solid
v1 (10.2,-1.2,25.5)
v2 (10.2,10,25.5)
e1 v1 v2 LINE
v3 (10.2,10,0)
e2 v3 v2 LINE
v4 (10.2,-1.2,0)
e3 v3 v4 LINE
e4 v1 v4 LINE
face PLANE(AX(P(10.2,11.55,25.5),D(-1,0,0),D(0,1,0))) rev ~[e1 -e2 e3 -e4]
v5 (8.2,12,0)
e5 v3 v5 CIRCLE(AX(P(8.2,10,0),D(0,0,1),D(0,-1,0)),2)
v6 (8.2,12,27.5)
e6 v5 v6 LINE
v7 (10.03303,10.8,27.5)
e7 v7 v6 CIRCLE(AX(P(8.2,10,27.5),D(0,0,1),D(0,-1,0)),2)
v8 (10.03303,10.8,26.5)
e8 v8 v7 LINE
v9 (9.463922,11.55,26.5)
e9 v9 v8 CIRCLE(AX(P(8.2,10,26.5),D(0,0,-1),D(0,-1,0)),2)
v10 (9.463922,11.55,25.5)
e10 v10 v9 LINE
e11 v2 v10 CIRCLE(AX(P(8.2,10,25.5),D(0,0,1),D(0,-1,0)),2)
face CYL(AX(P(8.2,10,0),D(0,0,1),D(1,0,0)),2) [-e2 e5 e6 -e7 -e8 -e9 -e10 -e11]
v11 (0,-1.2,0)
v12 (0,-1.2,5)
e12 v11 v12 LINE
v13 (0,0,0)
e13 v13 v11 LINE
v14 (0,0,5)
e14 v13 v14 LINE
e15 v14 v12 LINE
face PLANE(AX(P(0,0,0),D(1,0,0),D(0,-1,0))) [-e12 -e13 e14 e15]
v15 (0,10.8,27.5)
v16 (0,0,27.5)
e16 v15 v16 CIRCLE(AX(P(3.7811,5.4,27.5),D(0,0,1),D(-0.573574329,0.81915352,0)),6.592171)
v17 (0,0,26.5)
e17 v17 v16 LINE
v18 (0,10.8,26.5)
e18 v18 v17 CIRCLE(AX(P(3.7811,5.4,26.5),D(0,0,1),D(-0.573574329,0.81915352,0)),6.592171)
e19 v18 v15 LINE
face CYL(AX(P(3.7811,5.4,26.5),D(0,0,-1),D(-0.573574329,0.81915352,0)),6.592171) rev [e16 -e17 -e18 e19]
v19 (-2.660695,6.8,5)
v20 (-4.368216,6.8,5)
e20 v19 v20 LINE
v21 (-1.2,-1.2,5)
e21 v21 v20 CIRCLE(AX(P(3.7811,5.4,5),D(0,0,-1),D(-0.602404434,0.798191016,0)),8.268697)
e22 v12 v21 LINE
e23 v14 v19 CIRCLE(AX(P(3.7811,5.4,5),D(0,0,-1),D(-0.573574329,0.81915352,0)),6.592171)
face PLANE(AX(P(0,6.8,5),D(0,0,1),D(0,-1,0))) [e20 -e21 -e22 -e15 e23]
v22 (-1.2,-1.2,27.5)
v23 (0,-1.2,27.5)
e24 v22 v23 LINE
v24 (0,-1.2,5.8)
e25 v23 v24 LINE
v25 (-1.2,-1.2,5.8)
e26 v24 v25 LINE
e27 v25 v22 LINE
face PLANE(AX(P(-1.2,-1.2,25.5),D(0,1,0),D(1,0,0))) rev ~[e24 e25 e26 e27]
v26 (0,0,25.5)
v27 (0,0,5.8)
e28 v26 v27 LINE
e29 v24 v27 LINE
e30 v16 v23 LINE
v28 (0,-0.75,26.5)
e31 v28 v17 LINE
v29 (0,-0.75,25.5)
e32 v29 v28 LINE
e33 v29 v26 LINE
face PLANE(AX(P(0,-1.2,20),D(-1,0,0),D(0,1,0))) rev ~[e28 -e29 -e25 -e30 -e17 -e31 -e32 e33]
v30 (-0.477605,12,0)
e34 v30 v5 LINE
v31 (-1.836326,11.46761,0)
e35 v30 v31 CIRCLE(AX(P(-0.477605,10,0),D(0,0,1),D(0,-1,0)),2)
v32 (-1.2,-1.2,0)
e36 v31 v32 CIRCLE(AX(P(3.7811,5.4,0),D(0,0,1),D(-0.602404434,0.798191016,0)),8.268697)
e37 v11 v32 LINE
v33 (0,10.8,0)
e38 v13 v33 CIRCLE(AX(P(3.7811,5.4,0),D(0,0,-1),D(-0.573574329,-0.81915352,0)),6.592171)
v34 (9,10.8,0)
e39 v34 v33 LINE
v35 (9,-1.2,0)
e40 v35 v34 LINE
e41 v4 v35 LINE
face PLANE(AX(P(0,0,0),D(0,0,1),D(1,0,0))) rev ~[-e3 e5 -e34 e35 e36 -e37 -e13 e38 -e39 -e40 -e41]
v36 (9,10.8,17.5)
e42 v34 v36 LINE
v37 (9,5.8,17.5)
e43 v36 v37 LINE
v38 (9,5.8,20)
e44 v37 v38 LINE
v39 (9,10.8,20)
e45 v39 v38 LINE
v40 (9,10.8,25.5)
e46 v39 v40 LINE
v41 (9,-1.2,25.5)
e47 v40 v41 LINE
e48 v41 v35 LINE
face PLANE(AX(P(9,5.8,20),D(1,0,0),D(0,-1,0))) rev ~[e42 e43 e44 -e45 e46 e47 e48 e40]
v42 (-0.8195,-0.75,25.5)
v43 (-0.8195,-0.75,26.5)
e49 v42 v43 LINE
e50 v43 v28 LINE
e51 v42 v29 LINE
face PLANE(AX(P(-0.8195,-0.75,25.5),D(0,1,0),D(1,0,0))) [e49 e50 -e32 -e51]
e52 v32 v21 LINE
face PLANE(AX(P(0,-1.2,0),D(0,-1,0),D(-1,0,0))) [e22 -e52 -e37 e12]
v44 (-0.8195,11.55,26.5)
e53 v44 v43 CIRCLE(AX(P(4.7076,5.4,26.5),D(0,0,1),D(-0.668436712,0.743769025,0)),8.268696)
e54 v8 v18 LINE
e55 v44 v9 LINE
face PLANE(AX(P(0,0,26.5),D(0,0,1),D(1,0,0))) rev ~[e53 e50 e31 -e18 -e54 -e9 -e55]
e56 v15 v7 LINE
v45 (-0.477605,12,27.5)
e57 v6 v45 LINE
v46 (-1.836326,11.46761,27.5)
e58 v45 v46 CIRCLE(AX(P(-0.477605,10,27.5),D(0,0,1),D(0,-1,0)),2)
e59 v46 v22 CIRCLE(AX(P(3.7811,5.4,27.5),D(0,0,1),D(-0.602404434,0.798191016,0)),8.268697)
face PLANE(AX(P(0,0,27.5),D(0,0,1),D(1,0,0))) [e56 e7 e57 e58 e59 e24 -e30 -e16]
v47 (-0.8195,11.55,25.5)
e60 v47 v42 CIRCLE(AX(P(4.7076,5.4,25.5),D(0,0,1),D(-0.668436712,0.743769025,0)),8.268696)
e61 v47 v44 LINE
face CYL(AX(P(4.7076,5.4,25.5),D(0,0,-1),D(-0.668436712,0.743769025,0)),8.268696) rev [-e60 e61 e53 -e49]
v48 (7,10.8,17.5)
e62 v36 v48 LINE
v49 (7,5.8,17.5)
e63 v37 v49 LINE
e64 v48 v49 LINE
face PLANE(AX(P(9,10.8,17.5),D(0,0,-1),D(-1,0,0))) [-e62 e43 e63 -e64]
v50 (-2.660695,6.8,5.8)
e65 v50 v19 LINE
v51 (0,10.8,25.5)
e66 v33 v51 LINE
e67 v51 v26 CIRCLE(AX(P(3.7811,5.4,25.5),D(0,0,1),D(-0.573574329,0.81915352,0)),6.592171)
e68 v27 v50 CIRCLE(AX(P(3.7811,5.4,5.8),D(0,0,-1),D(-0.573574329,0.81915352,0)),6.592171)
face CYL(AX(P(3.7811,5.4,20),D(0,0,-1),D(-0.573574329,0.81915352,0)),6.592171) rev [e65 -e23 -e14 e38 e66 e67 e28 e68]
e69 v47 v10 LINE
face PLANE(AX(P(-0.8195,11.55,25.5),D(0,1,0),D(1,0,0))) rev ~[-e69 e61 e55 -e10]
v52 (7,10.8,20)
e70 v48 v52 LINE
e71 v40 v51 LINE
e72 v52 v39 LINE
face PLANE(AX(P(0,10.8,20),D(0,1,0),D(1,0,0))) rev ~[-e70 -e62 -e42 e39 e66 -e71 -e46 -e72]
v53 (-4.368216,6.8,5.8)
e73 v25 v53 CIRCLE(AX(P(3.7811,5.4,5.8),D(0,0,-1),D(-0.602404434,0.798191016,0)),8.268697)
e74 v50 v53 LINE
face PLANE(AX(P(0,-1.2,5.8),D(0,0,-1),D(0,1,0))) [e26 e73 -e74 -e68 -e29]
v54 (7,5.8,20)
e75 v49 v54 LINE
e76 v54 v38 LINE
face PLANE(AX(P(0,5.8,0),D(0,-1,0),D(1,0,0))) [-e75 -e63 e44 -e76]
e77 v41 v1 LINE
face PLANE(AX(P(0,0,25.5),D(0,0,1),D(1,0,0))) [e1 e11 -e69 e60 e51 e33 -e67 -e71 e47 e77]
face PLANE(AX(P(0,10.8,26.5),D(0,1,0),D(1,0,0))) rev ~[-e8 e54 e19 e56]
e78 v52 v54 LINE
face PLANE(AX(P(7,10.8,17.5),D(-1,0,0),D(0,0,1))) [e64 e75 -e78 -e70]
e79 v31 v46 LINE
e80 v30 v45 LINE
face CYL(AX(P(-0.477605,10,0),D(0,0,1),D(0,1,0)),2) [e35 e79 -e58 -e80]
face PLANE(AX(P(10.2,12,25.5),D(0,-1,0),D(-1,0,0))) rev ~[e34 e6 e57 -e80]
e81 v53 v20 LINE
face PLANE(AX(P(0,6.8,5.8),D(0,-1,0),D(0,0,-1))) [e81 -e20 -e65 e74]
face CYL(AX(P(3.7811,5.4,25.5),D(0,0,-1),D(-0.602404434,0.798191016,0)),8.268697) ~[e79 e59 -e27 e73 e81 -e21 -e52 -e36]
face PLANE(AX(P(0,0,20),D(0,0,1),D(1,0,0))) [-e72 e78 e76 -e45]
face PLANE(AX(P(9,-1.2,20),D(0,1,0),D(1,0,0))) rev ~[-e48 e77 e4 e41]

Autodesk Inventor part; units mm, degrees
ref_plane "YZ Plane" through (0, 0, 0) normal (1, 0, 0) x (0, 1, 0)
ref_plane "XZ Plane" through (0, 0, 0) normal (0, 1, 0) x (-1, 0, 0)
ref_plane "XY Plane" through (0, 0, 0) normal (0, 0, 1) x (1, 0, 0)
sketch "스케치1" plane through (0, 0, 0) normal (0, 0, 1) x (1, 0, 0)
  line L0 (0, 0) -> (9, 0)
  line L1 (9, 0) -> (9, 10.8)
  line L2 (9, 10.8) -> (0, 10.8)
  line L3 (0, 10.8) -> (0, 0)
  line L4 (-1.2, 12) -> (10.2, 12)
  line L5 (10.2, 12) -> (10.2, -1.2)
  line L6 (10.2, -1.2) -> (-1.2, -1.2)
  line L7 (-1.2, -1.2) -> (-1.2, 12)
  line L8 (0, 0) -> (0, -1.2)
  line L9 (9, 0) -> (9, -1.2)
  line L10 (0, 0) -> (-1.2, 0)
  line L11 (9, 0) -> (10.2, 0)
  arc A0 (-1.2, 12) -> (-1.2, -1.2) centre (3.7811, 5.4) ccw
  arc A1 (0, 10.8) -> (0, 0) centre (3.7811, 5.4) ccw
  line L12 (-1.2, 10.4) -> (0, 10.4) construction
  line L13 (0, 10.4) -> (0, 0.4) construction
  line L14 (0, 0.4) -> (-1.2, 0.4) construction
  line L15 (-1.2, 0.4) -> (-1.2, 10.4) construction
  point P0 (0, 5.4)
  dimension "d0" = 9
  dimension "d1" = 10.8
  dimension "d2" = 1.2
  dimension "d35" = 10
  dimension "d36" = 110
extrude "돌출1" add sketch "스케치1" along normal blind 20 contours L8 L6 L7 L10 | L10 L7 A1 | L11 L5 L6 L9 | L1 L2 A1 L7 L4 L5 L11 | L7 A0 A1
sketch "스케치5" plane through (0, 10.8, 0) normal (0, -1, 0) x (1, 0, 0)
  line L0 (0, 0) -> (9, 0) projected
  line L1 (9, 0) -> (9, 20) projected
  line L2 (0, 20) -> (9, 20) projected
  line L3 (0, 0) -> (0, 20) projected
  line L4 (9, 17.5) -> (7, 17.5)
  line L5 (7, 17.5) -> (7, 20)
  line L6 (10.2, 20) -> (-1.2, 20) projected
  point P0 (0, 0)
  point P1 (8.2, 20)
  point P2 (-0.4776, 20)
  dimension "d21" = 2.5
  dimension "d22" = 2
extrude "돌출5" add sketch "스케치5" along normal blind 5 contours L4 L5 L2 L1
sketch "스케치8" plane through (0, -1.2, 0) normal (1, 0, 0) x (0, 0, -1)
  line L0 (0, 0) -> (-20, 0) projected
  line L1 (0, 0) -> (0, 1.2) projected
  line L2 (0, 0) -> (-20, 0) projected
  line L3 (-5, 0) -> (-5.8, 0)
  line L4 (-5.8, 0) -> (-5.8, 8)
  line L5 (-5.8, 8) -> (-5, 8)
  line L6 (-5, 8) -> (-5, 0)
  point P0 (-18.5, 0)
  point P1 (-5.8, 0)
  point P2 (-5, 0)
  dimension "d37" = 5
  dimension "d38" = 0.8
  dimension "d39" = 8
extrude "돌출7" cut sketch "스케치8" against normal through all
sketch "스케치13" plane through (0, 0, 20) normal (0, 0, 1) x (1, 0, 0)
  line L0 (0, 10.8) -> (7, 10.8) projected
  line L1 (9, 5.8) -> (9, -1.2) projected
  line L2 (9, -1.2) -> (10.2, -1.2) projected
  line L3 (10.2, -1.2) -> (10.2, 12) projected
  line L4 (10.2, 12) -> (-1.2, 12) projected
  arc A0 (-1.2, 12) -> (-1.2, -1.2) centre (3.7811, 5.4) ccw projected
  line L5 (-1.2, -1.2) -> (0, -1.2) projected
  line L6 (0, -1.2) -> (0, 0) projected
  arc A1 (0, 10.8) -> (0, 0) centre (3.7811, 5.4) ccw projected
  line L7 (0, 10.8) -> (9, 10.8) projected
  line L8 (7, 10.8) -> (9, 10.8)
  line L9 (9, 10.8) -> (9, 5.8)
extrude "돌출11" add sketch "스케치13" along normal blind 5.5
sketch "스케치14" plane through (0, 0, 25.5) normal (0, 0, 1) x (1, 0, 0)
  line L0 (10.2, -1.2) -> (10.2, 12) projected
  line L1 (10.2, 12) -> (-1.2, 12) projected
  arc A0 (-1.2, 12) -> (-1.2, -1.2) centre (3.7811, 5.4) ccw projected
  line L2 (-1.2, -1.2) -> (0, -1.2) projected
  line L3 (0, -1.2) -> (0, 0) projected
  arc A1 (0, 10.8) -> (0, 0) centre (3.7811, 5.4) ccw projected
  line L4 (0, 10.8) -> (9, 10.8) projected
  arc A2 (-0.8195, 11.55) -> (-0.8195, -0.75) centre (4.7076, 5.4) ccw
  line L5 (-0.8195, 11.55) -> (10.2, 11.55)
  line L6 (10.2, -1.2) -> (10.2, 12) projected
  line L7 (-0.8195, -0.75) -> (0, -0.75)
  dimension "d53" = 0.75
  dimension "d55" = 0.75
  dimension "d56" = 0.75
extrude "돌출12" add sketch "스케치14" along normal blind 1
sketch "스케치15" plane through (0, 0, 26.5) normal (0, 0, 1) x (1, 0, 0)
  line L0 (10.2, 11.55) -> (10.2, 12) projected
  line L1 (10.2, 12) -> (-1.2, 12) projected
  arc A0 (-1.2, 12) -> (-1.2, -1.2) centre (3.7811, 5.4) ccw projected
  line L2 (-1.2, -1.2) -> (0, -1.2) projected
  line L3 (0, -1.2) -> (0, -0.75) projected
  line L4 (10.2, 11.55) -> (-0.8195, 11.55) projected
  arc A1 (-0.8195, 11.55) -> (-0.8195, -0.75) centre (4.7076, 5.4) ccw projected
  line L5 (-0.8195, -0.75) -> (0, -0.75) projected
  line L6 (0, -0.75) -> (0, 0) projected
  arc A2 (0, 10.8) -> (0, 0) centre (3.7811, 5.4) ccw projected
  line L7 (0, 10.8) -> (9, 10.8) projected
  line L8 (9, 10.8) -> (9, -1.2) projected
  line L9 (9, -1.2) -> (10.2, -1.2) projected
  line L10 (10.2, -1.2) -> (10.2, 11.55) projected
  line L11 (9, 10.8) -> (10.2, 10.8)
extrude "돌출13" add sketch "스케치15" along normal blind 1 contours L4 A1 L5 L3 L2 A0 L1 L0 | L10 L11 L7 A2 L6 L5 A1 L4
fillet "모깎기2" radius 2 2 edges at (10.2, 12, 13.75) (-1.2, 12, 13.75)
equation "\"d56\" = d55"
properties part number "_3D 인쇄"
